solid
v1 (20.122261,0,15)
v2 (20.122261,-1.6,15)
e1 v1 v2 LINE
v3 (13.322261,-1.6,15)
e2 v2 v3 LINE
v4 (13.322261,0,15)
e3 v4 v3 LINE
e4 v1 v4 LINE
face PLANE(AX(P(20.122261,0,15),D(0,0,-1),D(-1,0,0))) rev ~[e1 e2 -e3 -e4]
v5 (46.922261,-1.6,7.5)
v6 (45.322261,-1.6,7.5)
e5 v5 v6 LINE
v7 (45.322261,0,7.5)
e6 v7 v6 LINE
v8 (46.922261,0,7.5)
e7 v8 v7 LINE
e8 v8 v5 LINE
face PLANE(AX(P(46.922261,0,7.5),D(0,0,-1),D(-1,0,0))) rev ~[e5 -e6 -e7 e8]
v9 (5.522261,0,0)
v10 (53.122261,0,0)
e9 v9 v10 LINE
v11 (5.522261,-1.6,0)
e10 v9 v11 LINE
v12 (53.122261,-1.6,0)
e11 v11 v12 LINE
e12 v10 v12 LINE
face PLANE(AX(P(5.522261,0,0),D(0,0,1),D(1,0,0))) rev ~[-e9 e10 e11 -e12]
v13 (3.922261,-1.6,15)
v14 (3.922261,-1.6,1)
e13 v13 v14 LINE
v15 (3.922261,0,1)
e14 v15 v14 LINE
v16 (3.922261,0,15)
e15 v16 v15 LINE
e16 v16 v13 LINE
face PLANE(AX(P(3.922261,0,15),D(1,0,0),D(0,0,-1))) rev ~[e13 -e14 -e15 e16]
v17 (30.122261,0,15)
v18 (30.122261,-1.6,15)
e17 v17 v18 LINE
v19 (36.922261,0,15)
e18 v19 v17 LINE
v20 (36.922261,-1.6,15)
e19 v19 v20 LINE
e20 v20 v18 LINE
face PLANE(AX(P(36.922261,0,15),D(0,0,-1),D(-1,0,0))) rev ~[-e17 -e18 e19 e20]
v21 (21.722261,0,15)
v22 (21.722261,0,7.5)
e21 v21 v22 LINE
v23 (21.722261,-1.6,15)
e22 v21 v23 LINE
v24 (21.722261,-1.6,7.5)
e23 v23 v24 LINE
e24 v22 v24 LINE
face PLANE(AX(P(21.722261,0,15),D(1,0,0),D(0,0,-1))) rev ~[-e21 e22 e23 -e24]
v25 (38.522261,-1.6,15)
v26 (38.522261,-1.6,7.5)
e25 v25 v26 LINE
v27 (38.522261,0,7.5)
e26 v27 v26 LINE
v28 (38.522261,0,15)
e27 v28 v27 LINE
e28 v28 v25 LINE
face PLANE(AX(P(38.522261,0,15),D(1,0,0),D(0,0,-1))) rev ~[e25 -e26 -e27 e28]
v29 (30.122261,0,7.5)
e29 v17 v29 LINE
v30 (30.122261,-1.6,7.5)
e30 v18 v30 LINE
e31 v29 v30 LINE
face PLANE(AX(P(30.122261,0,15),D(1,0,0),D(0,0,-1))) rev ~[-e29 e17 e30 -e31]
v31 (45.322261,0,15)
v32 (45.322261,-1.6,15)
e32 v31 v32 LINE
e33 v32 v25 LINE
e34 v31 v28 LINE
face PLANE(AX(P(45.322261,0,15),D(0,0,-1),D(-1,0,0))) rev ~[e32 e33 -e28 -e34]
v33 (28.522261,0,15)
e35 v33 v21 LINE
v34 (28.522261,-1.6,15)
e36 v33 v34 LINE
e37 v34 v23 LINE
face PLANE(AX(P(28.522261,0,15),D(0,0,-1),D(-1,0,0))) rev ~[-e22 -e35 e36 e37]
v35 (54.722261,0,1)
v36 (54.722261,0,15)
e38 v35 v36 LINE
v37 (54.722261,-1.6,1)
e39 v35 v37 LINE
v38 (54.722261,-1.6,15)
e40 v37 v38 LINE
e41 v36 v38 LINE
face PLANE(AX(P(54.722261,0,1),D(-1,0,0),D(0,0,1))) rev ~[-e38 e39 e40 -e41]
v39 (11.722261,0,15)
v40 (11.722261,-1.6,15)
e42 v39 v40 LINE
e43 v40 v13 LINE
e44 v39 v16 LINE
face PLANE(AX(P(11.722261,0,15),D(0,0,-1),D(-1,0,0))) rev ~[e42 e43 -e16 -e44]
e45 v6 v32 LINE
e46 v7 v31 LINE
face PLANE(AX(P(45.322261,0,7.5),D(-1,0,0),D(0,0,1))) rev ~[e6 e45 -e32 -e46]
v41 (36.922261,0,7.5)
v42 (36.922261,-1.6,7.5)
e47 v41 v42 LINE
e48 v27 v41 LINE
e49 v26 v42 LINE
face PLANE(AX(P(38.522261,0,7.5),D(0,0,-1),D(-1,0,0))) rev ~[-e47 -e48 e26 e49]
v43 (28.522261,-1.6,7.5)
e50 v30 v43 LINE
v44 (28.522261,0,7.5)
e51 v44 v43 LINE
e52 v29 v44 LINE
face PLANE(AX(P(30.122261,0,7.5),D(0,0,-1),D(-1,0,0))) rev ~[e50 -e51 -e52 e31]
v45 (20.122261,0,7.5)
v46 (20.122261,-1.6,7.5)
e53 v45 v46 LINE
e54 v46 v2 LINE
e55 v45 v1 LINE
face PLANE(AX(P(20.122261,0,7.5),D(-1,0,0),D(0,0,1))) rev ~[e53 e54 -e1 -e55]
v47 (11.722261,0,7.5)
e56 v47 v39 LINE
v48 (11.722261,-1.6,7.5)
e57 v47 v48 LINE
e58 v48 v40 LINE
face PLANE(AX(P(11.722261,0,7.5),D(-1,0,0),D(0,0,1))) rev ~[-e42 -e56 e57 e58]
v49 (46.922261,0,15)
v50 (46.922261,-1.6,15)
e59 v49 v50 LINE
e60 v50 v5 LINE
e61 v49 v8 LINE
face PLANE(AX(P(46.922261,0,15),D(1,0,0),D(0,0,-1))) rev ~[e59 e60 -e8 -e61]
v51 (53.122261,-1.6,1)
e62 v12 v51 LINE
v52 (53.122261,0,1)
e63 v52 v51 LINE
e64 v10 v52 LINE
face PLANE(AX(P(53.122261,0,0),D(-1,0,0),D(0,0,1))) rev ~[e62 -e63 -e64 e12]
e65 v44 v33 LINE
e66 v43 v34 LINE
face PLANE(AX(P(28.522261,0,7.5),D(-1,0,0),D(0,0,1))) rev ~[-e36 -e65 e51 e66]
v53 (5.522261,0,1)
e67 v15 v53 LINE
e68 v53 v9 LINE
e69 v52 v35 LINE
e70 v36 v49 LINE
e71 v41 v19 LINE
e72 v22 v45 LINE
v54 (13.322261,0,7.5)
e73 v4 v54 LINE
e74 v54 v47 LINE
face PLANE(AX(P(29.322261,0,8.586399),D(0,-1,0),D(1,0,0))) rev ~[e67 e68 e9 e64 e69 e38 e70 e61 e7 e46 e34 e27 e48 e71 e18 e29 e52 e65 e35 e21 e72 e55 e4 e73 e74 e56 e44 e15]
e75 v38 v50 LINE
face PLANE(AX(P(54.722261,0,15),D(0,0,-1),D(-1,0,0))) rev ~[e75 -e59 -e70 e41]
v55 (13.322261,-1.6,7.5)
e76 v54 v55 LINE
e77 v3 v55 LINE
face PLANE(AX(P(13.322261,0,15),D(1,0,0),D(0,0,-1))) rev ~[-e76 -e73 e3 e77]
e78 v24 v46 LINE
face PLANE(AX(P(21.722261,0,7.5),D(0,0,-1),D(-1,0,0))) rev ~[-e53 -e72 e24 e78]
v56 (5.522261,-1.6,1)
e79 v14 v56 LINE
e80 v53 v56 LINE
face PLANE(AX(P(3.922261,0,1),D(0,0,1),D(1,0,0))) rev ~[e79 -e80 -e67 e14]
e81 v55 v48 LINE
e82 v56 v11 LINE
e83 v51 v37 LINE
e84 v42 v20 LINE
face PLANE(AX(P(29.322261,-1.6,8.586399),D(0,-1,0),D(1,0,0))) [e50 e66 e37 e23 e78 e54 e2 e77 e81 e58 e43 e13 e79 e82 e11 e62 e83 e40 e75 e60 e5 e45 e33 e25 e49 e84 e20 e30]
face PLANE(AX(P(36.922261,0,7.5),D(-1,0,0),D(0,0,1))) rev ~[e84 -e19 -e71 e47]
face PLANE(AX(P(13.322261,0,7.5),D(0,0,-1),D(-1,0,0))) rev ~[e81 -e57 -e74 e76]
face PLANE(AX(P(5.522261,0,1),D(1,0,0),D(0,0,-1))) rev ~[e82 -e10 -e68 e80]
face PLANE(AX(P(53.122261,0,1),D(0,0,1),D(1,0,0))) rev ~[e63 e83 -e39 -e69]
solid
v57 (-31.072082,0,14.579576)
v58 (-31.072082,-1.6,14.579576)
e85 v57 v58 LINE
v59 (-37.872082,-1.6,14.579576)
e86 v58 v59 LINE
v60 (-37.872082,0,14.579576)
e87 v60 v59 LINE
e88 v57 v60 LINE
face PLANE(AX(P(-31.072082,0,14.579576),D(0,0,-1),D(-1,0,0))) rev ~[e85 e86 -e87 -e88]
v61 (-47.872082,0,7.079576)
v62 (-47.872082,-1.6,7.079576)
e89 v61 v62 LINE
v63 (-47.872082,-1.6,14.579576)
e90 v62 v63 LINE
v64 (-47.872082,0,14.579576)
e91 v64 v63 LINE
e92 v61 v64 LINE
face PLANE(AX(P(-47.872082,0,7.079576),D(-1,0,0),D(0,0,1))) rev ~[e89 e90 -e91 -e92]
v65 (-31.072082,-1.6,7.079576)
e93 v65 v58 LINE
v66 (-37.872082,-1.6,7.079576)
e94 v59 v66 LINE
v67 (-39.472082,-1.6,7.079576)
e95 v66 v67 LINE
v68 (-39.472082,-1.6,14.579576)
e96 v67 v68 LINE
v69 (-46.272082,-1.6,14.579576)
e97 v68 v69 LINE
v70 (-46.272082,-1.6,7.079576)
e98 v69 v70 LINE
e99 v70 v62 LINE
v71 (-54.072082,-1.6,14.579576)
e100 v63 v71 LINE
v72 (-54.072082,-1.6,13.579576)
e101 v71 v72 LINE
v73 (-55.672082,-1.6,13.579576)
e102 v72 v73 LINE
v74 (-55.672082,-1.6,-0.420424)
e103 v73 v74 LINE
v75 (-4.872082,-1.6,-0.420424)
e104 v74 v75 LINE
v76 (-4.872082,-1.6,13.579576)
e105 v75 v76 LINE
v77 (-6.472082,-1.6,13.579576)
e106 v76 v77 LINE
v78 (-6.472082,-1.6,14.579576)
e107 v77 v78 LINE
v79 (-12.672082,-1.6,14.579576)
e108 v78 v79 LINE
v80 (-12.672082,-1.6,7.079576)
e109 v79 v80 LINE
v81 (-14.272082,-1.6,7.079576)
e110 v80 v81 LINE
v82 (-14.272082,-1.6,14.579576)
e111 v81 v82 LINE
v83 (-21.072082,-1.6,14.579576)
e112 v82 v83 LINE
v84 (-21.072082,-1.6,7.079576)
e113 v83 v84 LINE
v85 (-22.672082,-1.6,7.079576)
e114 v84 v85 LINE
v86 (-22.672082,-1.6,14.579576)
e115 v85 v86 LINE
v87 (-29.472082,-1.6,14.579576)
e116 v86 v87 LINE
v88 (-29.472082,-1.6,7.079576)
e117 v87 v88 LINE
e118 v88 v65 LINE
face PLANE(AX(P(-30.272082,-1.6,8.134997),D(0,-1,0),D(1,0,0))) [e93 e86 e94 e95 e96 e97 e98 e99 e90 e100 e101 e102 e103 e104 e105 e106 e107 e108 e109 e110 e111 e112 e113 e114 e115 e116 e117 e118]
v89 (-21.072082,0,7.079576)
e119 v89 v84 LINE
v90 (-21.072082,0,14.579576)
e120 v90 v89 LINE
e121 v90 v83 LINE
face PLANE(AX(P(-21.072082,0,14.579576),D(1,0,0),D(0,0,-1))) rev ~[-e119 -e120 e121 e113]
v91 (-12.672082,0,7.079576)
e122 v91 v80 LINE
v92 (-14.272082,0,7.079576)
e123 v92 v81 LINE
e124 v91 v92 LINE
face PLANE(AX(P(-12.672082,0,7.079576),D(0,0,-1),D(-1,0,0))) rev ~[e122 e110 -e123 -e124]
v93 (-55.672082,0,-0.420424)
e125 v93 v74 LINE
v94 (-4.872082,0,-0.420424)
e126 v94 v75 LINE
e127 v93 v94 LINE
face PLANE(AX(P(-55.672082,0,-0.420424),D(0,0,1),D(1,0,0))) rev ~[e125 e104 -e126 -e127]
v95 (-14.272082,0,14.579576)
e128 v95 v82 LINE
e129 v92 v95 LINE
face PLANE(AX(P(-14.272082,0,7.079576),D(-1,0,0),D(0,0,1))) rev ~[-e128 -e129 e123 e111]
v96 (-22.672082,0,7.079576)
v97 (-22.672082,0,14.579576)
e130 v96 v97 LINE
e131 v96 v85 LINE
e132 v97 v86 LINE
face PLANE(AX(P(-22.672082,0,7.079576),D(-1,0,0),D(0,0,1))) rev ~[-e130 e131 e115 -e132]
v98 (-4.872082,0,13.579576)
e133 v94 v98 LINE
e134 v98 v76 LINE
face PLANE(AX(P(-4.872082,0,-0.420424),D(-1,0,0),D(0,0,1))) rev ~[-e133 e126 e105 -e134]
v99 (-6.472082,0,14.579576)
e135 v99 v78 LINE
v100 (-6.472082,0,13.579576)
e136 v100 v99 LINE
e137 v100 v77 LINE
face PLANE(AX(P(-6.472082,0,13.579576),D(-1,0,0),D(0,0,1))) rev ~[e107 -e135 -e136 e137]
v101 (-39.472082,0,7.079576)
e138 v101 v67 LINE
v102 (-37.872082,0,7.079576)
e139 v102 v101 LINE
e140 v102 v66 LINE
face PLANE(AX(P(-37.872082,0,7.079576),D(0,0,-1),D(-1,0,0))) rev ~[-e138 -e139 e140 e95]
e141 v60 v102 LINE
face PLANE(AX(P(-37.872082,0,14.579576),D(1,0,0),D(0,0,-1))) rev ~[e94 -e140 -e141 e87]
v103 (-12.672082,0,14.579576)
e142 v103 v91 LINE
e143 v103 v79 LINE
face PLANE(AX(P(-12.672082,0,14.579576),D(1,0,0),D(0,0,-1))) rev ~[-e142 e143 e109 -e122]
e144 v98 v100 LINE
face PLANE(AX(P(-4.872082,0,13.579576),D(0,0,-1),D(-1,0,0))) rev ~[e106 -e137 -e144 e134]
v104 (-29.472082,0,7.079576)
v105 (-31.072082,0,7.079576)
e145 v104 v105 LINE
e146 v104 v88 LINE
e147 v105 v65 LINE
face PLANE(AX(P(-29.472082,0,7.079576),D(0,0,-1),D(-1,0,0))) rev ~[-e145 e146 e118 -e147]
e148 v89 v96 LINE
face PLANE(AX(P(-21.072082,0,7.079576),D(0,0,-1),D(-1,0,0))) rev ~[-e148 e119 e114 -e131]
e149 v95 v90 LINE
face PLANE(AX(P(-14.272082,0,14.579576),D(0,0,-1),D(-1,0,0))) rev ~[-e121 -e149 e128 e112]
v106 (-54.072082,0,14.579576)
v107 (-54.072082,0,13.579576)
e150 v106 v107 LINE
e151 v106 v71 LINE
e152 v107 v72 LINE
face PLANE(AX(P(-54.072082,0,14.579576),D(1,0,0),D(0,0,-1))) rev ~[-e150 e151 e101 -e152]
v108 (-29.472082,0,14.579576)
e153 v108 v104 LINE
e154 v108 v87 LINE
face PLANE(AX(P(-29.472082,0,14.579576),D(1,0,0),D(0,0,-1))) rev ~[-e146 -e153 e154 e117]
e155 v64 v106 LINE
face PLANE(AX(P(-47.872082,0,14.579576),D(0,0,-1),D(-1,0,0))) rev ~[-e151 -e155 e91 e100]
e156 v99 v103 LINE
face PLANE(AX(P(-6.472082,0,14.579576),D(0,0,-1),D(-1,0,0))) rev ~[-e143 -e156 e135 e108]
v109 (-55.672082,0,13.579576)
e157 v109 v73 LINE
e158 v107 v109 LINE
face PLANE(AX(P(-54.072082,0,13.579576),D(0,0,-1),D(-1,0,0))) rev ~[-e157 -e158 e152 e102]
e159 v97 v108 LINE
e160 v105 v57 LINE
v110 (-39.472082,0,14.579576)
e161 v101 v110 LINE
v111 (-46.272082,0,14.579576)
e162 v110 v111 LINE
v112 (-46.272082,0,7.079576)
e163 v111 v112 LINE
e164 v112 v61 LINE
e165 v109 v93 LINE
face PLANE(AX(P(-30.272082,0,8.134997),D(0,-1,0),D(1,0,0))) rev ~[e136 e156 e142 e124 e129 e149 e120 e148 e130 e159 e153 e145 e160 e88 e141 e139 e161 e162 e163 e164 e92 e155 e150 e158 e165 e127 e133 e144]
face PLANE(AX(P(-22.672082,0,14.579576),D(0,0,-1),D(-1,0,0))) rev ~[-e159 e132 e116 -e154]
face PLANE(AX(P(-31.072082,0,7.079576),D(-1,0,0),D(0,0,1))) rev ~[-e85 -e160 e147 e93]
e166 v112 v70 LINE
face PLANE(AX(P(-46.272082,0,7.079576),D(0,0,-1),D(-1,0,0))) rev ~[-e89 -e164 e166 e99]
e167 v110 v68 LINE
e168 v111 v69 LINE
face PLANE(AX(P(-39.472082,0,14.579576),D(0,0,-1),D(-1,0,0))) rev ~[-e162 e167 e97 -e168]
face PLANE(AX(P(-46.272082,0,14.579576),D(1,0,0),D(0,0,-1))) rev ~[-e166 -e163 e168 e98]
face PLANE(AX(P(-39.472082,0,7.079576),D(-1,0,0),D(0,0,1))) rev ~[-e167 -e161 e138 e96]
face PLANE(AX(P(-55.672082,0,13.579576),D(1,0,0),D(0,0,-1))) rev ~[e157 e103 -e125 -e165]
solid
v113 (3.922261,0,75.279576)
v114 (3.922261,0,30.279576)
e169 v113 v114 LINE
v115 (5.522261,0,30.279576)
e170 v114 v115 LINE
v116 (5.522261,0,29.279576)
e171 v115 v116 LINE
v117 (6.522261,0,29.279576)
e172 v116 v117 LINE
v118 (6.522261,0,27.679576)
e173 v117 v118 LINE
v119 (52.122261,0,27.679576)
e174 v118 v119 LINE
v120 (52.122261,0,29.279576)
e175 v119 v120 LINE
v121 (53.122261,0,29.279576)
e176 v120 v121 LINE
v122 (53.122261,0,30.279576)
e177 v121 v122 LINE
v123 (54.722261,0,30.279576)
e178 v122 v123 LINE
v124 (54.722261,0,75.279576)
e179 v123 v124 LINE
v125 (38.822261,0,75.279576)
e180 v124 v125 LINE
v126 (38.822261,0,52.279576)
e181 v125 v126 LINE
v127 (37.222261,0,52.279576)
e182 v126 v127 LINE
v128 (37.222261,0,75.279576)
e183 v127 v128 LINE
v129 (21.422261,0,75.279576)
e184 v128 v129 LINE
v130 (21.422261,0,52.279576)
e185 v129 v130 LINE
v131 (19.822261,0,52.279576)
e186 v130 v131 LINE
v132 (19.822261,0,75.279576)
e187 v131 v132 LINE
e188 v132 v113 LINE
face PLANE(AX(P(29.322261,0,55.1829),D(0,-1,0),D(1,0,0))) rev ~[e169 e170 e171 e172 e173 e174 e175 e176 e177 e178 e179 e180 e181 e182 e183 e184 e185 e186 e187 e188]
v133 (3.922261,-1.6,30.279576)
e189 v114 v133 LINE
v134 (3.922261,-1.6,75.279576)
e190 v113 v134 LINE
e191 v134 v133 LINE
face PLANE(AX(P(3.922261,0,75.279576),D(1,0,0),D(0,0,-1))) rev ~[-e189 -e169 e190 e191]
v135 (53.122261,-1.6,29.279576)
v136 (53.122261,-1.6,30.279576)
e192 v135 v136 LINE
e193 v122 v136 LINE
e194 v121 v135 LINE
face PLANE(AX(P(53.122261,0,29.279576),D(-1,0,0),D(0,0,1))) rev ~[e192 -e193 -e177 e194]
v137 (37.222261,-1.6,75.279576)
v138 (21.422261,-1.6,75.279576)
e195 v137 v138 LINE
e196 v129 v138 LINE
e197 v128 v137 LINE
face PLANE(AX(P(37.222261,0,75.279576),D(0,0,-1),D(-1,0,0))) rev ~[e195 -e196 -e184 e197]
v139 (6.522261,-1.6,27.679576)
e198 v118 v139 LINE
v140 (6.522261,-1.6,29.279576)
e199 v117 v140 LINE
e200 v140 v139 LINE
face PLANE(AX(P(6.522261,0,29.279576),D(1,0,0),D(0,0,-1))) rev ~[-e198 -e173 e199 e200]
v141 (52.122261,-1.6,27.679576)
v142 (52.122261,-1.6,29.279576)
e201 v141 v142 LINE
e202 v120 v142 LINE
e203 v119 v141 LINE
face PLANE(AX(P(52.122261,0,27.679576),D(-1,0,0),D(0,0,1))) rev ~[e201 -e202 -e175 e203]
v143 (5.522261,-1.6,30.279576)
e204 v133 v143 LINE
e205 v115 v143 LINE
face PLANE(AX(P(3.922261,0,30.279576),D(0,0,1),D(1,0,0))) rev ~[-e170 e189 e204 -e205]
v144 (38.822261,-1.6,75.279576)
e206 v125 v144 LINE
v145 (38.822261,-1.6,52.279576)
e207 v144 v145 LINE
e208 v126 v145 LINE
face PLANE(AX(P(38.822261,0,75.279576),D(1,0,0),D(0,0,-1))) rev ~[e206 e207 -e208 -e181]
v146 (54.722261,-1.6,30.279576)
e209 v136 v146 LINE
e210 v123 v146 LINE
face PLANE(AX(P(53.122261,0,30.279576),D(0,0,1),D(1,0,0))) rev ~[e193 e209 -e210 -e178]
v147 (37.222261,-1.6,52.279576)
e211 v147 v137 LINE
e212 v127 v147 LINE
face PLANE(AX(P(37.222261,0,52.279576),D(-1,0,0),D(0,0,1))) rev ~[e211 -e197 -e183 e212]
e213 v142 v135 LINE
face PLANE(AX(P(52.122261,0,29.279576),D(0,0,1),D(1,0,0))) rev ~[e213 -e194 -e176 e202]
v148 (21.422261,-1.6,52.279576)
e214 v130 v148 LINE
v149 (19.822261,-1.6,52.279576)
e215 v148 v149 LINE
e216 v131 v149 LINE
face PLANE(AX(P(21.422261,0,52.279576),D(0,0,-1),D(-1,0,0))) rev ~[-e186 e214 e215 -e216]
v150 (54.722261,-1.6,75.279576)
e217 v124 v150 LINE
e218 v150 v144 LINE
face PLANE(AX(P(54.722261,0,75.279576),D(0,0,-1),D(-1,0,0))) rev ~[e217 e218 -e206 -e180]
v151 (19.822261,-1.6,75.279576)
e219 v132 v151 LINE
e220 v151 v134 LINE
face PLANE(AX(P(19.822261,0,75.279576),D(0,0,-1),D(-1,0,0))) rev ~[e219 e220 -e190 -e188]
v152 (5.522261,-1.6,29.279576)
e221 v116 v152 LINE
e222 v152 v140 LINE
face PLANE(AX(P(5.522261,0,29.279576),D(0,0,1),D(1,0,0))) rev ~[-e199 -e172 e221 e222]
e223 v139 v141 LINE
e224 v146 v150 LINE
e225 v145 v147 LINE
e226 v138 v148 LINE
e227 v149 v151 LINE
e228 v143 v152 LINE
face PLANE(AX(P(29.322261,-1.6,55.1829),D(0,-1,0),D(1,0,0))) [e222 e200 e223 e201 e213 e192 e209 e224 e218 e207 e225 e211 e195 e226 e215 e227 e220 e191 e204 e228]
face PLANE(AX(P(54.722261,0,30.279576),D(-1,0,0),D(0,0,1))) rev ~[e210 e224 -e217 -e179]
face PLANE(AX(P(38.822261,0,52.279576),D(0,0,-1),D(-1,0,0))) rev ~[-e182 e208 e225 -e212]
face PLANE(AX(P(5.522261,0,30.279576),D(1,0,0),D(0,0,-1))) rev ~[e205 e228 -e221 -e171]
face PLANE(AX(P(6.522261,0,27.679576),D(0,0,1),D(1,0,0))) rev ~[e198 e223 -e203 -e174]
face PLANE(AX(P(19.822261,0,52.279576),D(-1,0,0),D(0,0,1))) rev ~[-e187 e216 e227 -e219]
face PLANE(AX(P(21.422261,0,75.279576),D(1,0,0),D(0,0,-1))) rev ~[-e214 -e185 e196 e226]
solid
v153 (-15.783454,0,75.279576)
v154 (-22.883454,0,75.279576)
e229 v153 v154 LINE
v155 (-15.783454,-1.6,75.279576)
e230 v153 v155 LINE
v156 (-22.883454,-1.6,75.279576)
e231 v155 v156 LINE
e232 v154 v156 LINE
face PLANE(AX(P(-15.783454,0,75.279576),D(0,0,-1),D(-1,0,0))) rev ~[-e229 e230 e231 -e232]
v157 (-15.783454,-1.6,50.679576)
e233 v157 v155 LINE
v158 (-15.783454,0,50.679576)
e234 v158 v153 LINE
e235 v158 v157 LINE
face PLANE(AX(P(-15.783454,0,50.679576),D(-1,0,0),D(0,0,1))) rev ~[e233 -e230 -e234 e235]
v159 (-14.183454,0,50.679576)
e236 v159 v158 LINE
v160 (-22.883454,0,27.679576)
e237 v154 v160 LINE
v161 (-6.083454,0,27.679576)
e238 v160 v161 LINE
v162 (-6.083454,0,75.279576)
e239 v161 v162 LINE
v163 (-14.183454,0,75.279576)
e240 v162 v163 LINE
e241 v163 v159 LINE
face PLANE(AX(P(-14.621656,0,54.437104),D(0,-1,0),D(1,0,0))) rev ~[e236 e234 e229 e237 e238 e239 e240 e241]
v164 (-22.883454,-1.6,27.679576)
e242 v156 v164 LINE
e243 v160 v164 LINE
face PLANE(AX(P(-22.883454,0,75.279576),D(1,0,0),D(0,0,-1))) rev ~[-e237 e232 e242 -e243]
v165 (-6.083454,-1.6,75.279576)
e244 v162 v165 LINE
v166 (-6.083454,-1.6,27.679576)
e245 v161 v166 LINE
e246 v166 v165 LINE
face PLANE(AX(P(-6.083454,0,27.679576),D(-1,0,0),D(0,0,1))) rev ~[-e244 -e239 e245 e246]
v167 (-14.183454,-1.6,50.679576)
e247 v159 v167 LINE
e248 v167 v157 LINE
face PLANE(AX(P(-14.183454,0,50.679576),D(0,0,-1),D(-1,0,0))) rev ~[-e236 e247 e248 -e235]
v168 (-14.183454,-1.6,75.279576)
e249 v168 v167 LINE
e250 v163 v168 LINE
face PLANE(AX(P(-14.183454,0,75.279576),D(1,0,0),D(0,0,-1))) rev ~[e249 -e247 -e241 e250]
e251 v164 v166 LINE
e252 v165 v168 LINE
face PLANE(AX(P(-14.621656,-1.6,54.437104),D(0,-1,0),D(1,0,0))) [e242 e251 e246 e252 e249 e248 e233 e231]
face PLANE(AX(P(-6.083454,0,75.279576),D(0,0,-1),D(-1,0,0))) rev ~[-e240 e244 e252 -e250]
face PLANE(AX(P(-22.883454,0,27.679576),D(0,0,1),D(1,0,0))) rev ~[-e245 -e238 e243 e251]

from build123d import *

# Parameters (mm, degrees)
F1_DEPTH = 1.6


with BuildPart() as f1:
    # F0 (on Front) → F1 (new body)
    with BuildSketch(Plane.XZ):
        Polygon((-22.883454, 27.679576), (-6.083454, 27.679576), (-6.083454, 75.279576), (-14.183454, 75.279576), (-14.183454, 50.679576), (-15.783454, 50.679576), (-15.783454, 75.279576), (-22.883454, 75.279576), align=None)
        Polygon((11.722261, 15), (3.922261, 15), (3.922261, 1), (5.522261, 1), (5.522261, 0), (53.122261, 0), (53.122261, 1), (54.722261, 1), (54.722261, 15), (46.922261, 15), (46.922261, 7.5), (45.322261, 7.5), (45.322261, 15), (38.522261, 15), (38.522261, 7.5), (36.922261, 7.5), (36.922261, 15), (30.122261, 15), (30.122261, 7.5), (28.522261, 7.5), (28.522261, 15), (21.722261, 15), (21.722261, 7.5), (20.122261, 7.5), (20.122261, 15), (13.322261, 15), (13.322261, 7.5), (11.722261, 7.5), align=None)
        Polygon((-47.872082, 14.579576), (-54.072082, 14.579576), (-54.072082, 13.579576), (-55.672082, 13.579576), (-55.672082, -0.420424), (-4.872082, -0.420424), (-4.872082, 13.579576), (-6.472082, 13.579576), (-6.472082, 14.579576), (-12.672082, 14.579576), (-12.672082, 7.079576), (-14.272082, 7.079576), (-14.272082, 14.579576), (-21.072082, 14.579576), (-21.072082, 7.079576), (-22.672082, 7.079576), (-22.672082, 14.579576), (-29.472082, 14.579576), (-29.472082, 7.079576), (-31.072082, 7.079576), (-31.072082, 14.579576), (-37.872082, 14.579576), (-37.872082, 7.079576), (-39.472082, 7.079576), (-39.472082, 14.579576), (-46.272082, 14.579576), (-46.272082, 7.079576), (-47.872082, 7.079576), align=None)
        Polygon((19.822261, 75.279576), (3.922261, 75.279576), (3.922261, 30.279576), (5.522261, 30.279576), (5.522261, 29.279576), (6.522261, 29.279576), (6.522261, 27.679576), (52.122261, 27.679576), (52.122261, 29.279576), (53.122261, 29.279576), (53.122261, 30.279576), (54.722261, 30.279576), (54.722261, 75.279576), (38.822261, 75.279576), (38.822261, 52.279576), (37.222261, 52.279576), (37.222261, 75.279576), (21.422261, 75.279576), (21.422261, 52.279576), (19.822261, 52.279576), align=None)
    extrude(amount=F1_DEPTH)


solid = f1.part
